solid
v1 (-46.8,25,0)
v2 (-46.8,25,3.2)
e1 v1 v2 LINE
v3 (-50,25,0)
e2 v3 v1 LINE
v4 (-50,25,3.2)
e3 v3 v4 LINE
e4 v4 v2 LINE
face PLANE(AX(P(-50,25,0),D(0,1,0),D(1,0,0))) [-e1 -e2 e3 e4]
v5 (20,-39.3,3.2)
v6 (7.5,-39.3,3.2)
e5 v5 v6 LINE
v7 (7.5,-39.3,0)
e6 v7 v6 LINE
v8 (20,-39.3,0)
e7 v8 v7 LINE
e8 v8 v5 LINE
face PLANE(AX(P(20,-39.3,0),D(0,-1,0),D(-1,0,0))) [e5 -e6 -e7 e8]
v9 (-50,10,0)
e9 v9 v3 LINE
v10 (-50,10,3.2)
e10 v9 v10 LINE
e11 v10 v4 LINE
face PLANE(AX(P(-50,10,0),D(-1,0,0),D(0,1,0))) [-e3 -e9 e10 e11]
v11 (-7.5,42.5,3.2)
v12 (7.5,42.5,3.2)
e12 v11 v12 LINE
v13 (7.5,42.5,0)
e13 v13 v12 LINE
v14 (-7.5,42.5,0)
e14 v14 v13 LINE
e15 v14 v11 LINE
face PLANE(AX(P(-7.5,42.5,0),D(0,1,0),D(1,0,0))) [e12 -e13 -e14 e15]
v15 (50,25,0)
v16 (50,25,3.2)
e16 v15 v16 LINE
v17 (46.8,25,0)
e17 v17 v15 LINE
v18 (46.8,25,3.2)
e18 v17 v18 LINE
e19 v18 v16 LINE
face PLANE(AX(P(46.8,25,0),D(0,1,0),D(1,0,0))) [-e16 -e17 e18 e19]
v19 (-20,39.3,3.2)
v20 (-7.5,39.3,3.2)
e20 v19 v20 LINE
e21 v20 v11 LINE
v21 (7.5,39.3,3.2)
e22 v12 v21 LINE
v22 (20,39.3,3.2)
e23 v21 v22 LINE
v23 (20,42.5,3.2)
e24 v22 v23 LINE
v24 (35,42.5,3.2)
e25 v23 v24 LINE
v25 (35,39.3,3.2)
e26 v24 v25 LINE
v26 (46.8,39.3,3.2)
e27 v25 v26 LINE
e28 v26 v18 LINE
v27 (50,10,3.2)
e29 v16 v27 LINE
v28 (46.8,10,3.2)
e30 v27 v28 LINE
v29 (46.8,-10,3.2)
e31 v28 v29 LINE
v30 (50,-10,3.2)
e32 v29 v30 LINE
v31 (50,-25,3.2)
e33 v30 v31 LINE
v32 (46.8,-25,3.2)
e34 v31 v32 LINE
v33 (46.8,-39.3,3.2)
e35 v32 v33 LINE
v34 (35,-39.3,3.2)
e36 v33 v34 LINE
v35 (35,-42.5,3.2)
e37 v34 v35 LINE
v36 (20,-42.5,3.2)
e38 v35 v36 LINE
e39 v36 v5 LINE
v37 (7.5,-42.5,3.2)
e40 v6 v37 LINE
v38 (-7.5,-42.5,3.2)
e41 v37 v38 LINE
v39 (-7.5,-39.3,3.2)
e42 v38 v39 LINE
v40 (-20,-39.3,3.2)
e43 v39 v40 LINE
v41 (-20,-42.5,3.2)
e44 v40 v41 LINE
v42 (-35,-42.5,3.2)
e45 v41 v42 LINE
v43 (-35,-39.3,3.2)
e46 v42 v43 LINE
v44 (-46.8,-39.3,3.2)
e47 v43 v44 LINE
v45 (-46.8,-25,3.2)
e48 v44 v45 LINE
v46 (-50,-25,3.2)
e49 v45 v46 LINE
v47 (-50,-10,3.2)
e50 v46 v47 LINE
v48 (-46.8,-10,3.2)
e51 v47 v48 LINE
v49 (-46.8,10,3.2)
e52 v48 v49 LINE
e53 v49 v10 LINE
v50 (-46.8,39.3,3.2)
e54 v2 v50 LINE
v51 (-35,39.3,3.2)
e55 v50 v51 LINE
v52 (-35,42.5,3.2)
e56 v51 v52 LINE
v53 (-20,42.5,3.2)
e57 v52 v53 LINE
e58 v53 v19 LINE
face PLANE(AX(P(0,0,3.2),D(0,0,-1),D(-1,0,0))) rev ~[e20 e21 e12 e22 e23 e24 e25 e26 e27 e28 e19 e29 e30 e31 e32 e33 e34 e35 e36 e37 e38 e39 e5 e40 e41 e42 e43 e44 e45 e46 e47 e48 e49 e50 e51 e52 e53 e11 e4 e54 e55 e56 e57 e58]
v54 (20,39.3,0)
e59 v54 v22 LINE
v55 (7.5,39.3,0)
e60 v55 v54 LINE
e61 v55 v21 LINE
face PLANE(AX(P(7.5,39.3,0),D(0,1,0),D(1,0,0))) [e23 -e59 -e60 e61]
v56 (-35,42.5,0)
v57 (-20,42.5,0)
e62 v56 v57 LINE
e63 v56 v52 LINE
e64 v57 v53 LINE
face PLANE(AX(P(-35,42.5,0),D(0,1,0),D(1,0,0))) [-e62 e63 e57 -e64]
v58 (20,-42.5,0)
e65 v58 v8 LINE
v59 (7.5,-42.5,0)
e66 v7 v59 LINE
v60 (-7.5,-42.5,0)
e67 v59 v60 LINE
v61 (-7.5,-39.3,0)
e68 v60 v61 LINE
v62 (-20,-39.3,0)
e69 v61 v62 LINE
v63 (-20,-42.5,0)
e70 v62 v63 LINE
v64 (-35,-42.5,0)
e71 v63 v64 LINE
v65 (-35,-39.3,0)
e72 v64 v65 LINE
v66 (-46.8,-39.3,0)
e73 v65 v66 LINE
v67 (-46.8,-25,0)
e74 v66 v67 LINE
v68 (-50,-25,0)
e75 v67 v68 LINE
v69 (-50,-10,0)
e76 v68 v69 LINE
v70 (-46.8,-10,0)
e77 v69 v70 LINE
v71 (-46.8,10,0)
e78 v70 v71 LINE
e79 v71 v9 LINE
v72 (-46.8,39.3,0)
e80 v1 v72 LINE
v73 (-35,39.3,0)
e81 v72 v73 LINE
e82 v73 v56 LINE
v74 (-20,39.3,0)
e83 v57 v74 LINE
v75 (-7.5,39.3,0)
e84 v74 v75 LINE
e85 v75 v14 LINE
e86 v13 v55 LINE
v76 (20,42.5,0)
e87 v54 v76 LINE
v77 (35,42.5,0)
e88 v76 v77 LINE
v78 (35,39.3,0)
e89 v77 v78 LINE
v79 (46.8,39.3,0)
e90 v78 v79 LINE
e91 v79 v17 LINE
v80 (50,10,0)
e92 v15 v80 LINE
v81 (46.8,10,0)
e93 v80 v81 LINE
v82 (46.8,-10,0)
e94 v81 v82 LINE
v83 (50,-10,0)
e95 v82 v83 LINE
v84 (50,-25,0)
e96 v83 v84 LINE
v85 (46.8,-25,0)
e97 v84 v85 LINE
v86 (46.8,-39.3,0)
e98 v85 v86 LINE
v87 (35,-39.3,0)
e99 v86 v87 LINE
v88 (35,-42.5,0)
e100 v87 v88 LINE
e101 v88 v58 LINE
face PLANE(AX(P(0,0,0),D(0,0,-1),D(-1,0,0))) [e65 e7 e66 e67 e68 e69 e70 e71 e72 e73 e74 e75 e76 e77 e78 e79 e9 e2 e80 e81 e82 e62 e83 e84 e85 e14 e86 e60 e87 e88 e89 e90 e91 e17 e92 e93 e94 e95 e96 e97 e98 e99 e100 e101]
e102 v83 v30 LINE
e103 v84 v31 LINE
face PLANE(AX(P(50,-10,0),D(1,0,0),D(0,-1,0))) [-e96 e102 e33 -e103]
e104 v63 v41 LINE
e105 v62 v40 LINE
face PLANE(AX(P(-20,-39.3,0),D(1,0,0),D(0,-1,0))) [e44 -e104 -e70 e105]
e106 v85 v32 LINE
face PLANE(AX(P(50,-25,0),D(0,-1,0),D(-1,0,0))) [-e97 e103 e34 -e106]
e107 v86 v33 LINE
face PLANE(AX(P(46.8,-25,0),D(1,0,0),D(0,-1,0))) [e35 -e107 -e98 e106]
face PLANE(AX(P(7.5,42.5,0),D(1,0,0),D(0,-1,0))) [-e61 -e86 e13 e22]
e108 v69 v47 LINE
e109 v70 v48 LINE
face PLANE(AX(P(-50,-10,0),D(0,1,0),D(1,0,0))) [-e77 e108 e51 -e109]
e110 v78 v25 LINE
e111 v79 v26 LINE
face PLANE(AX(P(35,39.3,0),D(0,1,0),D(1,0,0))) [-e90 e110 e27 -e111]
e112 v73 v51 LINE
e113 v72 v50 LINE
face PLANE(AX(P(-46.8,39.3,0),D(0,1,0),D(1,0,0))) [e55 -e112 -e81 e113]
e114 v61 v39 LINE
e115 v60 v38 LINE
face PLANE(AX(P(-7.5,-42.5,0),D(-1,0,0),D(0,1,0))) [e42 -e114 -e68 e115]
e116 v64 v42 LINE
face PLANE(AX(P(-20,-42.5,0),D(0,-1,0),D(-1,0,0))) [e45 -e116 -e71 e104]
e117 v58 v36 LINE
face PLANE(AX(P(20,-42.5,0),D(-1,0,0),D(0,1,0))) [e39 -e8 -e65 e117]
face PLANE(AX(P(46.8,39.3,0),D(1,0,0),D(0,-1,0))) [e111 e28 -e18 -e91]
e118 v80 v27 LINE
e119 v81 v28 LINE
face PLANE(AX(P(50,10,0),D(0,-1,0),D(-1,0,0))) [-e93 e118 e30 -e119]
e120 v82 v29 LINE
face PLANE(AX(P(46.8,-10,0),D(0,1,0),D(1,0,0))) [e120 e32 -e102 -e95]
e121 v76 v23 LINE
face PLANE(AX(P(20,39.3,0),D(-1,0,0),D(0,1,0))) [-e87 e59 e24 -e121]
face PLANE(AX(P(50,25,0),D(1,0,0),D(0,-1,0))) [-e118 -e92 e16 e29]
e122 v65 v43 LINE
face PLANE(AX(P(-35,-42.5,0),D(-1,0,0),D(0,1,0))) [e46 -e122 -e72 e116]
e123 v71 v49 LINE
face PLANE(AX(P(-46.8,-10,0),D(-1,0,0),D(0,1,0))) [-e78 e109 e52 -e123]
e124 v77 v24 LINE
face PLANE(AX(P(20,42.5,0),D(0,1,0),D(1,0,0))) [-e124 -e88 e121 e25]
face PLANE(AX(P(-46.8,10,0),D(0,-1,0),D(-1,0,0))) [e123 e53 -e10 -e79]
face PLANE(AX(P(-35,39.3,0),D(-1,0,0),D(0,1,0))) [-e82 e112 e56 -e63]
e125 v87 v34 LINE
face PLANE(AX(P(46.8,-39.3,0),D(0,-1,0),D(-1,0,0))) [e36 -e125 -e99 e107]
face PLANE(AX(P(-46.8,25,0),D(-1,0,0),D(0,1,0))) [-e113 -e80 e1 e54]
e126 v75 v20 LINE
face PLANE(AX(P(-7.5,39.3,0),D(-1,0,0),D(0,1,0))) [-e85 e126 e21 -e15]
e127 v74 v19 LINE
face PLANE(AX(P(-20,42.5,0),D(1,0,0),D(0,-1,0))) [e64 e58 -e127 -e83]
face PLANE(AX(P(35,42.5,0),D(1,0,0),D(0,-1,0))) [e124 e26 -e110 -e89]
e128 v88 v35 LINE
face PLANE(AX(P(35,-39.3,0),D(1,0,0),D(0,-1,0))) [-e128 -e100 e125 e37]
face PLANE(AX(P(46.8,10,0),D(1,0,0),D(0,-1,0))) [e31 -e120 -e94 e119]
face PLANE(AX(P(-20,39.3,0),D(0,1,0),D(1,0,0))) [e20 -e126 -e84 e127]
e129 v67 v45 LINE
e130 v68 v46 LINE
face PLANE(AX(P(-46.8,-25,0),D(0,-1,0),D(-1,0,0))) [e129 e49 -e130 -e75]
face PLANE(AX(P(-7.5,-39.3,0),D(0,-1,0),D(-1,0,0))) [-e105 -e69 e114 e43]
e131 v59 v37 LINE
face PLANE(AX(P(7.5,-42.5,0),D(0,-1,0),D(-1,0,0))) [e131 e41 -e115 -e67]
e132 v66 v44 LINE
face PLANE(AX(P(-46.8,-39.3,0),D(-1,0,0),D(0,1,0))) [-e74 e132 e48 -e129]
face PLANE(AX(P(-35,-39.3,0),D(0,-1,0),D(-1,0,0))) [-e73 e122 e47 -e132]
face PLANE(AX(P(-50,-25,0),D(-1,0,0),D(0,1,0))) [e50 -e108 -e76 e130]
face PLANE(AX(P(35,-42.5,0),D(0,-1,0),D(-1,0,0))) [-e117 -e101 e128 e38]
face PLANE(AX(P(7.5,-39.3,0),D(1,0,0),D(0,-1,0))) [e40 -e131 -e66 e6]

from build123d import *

# Parameters (mm, degrees)
BOSS_EXTRUDE1_DEPTH = 3.2


with BuildPart() as part:
    # Sketch1 → Boss-Extrude1 (new body)
    with BuildSketch(Plane.XY):
        Polygon((-50, 10), (-50, 25), (-46.8, 25), (-46.8, 39.3), (-35, 39.3), (-35, 42.5), (-20, 42.5), (-20, 39.3), (-7.5, 39.3), (-7.5, 42.5), (7.5, 42.5), (7.5, 39.3), (20, 39.3), (20, 42.5), (35, 42.5), (35, 39.3), (46.8, 39.3), (46.8, 25), (50, 25), (50, 10), (46.8, 10), (46.8, -10), (50, -10), (50, -25), (46.8, -25), (46.8, -39.3), (35, -39.3), (35, -42.5), (20, -42.5), (20, -39.3), (7.5, -39.3), (7.5, -42.5), (-7.5, -42.5), (-7.5, -39.3), (-20, -39.3), (-20, -42.5), (-35, -42.5), (-35, -39.3), (-46.8, -39.3), (-46.8, -25), (-50, -25), (-50, -10), (-46.8, -10), (-46.8, 10), align=None)
    extrude(amount=BOSS_EXTRUDE1_DEPTH)


solid = part.part
